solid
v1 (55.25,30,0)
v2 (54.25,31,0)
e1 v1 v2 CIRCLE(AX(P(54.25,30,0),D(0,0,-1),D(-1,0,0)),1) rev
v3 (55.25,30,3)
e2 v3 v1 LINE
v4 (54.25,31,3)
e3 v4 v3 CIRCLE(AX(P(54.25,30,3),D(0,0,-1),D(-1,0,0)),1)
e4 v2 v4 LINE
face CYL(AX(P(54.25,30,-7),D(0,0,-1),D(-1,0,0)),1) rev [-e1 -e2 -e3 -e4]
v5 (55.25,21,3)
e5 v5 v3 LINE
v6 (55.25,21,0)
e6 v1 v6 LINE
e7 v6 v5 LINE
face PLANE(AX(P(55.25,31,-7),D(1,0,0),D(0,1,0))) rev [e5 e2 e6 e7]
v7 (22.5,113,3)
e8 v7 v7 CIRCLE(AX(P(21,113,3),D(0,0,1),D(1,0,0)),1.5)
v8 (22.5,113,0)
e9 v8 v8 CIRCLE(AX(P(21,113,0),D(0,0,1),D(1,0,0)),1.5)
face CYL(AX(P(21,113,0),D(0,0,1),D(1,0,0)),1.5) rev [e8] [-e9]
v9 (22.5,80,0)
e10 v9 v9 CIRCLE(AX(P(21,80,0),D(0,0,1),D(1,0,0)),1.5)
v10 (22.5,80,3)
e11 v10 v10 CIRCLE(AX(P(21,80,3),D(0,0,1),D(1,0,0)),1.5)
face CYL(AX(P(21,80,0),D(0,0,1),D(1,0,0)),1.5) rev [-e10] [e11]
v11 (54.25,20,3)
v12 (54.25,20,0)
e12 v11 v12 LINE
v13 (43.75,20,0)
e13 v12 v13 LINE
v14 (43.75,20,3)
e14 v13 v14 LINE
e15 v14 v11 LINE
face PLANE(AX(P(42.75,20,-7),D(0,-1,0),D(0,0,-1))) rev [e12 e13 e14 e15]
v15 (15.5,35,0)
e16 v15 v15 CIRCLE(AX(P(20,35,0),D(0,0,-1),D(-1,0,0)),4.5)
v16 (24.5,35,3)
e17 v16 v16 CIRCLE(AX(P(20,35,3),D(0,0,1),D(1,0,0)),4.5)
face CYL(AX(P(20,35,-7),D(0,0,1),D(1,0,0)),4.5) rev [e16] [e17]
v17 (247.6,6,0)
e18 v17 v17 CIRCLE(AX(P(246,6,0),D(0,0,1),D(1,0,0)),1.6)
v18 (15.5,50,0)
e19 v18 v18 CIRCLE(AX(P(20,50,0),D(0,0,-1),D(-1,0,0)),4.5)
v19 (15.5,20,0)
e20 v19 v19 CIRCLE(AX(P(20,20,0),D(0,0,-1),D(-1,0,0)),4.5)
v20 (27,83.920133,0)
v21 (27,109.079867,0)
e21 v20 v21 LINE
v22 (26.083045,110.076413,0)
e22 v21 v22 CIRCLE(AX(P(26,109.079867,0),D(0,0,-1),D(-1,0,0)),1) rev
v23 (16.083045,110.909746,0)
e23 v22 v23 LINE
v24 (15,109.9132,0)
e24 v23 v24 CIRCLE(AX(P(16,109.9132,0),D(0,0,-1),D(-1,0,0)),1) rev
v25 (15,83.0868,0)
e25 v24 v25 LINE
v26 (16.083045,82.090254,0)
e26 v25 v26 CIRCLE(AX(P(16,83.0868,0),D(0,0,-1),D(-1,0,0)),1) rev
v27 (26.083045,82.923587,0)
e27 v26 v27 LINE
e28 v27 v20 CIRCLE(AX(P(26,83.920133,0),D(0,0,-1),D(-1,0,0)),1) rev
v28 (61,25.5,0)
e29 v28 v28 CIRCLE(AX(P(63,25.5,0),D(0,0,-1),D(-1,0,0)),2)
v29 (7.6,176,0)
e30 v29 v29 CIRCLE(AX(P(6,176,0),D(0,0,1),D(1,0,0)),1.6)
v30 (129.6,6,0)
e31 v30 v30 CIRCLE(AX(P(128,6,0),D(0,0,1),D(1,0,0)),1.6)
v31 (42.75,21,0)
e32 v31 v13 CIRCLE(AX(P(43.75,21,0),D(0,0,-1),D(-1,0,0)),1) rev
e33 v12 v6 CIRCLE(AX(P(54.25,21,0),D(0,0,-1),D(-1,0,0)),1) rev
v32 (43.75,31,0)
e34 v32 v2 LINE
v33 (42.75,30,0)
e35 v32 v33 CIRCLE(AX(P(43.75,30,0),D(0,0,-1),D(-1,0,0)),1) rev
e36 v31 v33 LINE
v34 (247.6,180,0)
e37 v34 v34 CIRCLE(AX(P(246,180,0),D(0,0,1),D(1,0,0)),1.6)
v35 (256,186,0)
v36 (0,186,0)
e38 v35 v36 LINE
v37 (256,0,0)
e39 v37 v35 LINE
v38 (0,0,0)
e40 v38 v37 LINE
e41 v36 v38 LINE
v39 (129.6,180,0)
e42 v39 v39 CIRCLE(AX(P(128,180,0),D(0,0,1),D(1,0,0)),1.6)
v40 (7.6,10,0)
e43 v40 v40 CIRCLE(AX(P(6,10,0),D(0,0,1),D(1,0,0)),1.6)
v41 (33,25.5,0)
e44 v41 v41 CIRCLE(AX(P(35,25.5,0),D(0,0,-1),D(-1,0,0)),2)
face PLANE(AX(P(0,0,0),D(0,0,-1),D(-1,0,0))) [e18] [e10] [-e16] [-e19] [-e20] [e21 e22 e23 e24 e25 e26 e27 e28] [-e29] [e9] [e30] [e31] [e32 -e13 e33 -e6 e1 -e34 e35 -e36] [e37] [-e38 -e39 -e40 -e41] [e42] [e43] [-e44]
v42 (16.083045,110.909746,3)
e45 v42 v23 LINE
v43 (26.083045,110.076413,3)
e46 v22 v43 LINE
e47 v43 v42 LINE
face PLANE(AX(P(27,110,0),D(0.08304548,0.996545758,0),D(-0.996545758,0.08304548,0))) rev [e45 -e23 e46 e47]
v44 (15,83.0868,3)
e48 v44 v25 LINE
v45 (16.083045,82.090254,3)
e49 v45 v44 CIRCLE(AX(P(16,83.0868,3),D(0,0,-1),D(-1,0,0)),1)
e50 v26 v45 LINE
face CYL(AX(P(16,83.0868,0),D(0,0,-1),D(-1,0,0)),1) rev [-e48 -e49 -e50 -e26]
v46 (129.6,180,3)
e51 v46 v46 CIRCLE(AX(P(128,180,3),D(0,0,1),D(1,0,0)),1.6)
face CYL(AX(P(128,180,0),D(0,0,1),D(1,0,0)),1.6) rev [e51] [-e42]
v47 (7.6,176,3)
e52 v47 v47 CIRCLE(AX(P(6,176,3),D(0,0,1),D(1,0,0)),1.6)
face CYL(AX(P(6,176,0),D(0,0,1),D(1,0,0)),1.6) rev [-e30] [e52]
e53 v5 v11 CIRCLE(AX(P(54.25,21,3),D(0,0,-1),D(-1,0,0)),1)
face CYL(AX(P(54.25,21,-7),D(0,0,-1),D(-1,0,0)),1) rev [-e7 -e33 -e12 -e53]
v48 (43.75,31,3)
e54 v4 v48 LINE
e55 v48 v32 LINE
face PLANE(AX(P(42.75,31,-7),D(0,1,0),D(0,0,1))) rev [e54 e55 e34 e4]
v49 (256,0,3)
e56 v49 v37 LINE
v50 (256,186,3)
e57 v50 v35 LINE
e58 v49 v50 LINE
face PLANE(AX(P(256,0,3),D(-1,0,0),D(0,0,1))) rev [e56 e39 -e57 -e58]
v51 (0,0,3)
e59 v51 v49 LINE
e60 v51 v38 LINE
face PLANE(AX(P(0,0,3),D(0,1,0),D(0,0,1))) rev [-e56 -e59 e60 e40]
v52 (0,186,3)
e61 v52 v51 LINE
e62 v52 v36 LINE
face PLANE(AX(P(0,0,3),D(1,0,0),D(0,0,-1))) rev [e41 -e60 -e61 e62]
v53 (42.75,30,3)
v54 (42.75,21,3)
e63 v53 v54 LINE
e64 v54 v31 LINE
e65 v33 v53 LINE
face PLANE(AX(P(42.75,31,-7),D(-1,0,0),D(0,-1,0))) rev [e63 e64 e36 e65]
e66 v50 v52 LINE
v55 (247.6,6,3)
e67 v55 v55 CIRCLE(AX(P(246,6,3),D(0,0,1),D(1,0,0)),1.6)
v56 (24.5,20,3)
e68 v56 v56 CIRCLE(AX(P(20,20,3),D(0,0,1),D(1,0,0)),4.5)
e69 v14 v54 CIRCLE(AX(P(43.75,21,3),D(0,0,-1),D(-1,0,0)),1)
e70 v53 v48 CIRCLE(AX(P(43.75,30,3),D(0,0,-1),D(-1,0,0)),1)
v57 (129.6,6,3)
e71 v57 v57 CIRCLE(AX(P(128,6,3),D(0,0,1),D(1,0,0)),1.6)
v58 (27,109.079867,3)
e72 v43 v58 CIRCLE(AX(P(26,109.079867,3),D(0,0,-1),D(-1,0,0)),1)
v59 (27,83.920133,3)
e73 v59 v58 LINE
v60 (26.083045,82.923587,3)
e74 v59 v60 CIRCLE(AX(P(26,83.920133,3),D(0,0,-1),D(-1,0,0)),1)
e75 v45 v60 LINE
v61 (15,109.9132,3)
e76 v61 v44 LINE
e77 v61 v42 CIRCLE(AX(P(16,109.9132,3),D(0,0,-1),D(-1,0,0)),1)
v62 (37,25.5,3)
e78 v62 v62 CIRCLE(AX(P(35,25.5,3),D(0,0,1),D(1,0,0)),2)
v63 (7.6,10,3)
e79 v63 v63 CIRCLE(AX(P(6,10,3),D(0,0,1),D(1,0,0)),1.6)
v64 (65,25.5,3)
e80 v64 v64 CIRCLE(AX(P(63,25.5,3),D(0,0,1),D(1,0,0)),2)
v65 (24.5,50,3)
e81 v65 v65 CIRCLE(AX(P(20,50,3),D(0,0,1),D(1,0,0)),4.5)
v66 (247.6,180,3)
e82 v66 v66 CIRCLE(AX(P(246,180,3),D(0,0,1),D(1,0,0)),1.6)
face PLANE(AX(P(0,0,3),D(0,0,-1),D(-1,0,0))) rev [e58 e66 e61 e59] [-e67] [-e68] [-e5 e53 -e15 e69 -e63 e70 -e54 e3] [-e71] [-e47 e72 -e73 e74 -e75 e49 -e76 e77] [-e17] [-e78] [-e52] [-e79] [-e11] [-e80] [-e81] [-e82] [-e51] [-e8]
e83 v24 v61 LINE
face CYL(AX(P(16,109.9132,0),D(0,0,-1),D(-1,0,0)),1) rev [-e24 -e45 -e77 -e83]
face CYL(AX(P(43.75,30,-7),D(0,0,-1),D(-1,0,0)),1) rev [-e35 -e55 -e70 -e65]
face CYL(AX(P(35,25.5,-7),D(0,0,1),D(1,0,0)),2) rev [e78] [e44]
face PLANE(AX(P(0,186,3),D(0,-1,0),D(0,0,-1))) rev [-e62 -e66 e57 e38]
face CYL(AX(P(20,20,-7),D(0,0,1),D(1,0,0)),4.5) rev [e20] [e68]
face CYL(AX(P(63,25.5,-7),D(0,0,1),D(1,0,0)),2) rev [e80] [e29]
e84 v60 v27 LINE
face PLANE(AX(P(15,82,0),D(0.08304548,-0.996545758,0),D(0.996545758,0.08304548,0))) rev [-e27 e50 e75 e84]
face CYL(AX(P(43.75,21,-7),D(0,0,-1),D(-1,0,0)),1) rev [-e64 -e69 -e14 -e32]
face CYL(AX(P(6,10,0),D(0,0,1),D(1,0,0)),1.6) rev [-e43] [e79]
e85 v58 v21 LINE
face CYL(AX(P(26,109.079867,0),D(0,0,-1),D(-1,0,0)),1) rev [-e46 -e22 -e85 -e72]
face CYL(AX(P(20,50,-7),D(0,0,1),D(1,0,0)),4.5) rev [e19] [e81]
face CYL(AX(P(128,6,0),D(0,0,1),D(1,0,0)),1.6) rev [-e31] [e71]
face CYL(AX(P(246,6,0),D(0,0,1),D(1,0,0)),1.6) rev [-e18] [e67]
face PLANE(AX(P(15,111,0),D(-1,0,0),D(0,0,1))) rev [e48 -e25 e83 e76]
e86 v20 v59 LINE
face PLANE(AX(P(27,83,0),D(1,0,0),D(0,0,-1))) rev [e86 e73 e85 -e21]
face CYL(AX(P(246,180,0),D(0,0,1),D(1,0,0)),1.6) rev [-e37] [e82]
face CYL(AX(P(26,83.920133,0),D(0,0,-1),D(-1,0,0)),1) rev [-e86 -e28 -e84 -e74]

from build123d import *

# Parameters (mm, degrees)
SKETCH2_W           = 256
SKETCH2_H           = 186
BOSS_EXTRUDE1_DEPTH = 3
SKETCH3_R           = 1.6
CUT_EXTRUDE1_DEPTH  = 4
SKETCH4_R           = 2
SKETCH4_W           = 12.5
SKETCH4_H           = 11
CUT_EXTRUDE2_DEPTH  = 10
FILLET1_R           = 1
SKETCH5_R           = 4.5
CUT_EXTRUDE3_DEPTH  = 10
SKETCH7_R           = 1.5
CUT_EXTRUDE4_DEPTH  = 4
FILLET2_R           = 1


with BuildPart() as part:
    # Sketch2 → Boss-Extrude1 (new body)
    with BuildSketch(Plane.XY):
        with Locations((128, 93)):
            Rectangle(SKETCH2_W, SKETCH2_H)
    extrude(amount=BOSS_EXTRUDE1_DEPTH)

    # Sketch3 → Cut-Extrude1 (cut, through all)
    with BuildSketch(Plane.XY.offset(3)):
        with Locations((6, 176)):
            Circle(SKETCH3_R)
        with Locations((128, 180)):
            Circle(SKETCH3_R)
        with Locations((246, 180)):
            Circle(SKETCH3_R)
        with Locations((246, 6)):
            Circle(SKETCH3_R)
        with Locations((128, 6)):
            Circle(SKETCH3_R)
        with Locations((6, 10)):
            Circle(SKETCH3_R)
    extrude(amount=-CUT_EXTRUDE1_DEPTH, mode=Mode.SUBTRACT)

    # Sketch4 → Cut-Extrude2 (cut)
    with BuildSketch(Plane.XY.offset(3)):
        with Locations((35, 25.5)):
            Circle(SKETCH4_R)
        with Locations((63, 25.5)):
            Circle(SKETCH4_R)
        with Locations((49, 25.5)):
            Rectangle(SKETCH4_W, SKETCH4_H)
    extrude(amount=-CUT_EXTRUDE2_DEPTH, mode=Mode.SUBTRACT)

    # Fillet1
    fillet1_edges = [part.edges().sort_by_distance(p)[0] for p in [
        (42.75, 20, 1.5),
        (42.75, 31, 1.5),
        (55.25, 31, 1.5),
        (55.25, 20, 1.5),
    ]]
    fillet(fillet1_edges, radius=FILLET1_R)

    # Sketch5 → Cut-Extrude3 (cut)
    with BuildSketch(Plane.XY.offset(3)):
        with Locations((20, 35)):
            Circle(SKETCH5_R)
        with Locations((20, 20)):
            Circle(SKETCH5_R)
        with Locations((20, 50)):
            Circle(SKETCH5_R)
    extrude(amount=-CUT_EXTRUDE3_DEPTH, mode=Mode.SUBTRACT)

    # Sketch7 → Cut-Extrude4 (cut, through all)
    with BuildSketch(Plane(origin=(161.992525703, 0.203186411, 3), x_dir=(1, 0, 0), z_dir=(0, 0, 1))):
        with Locations((-140.992525703, 112.796813589)):
            Circle(SKETCH7_R)
        with Locations((-140.992525703, 79.796813589)):
            Circle(SKETCH7_R)
        Polygon((-146.992525703, 110.796813589), (-146.992525703, 81.796813589), (-134.992525703, 82.796813589), (-134.992525703, 109.796813589), align=None)
    extrude(amount=-CUT_EXTRUDE4_DEPTH, mode=Mode.SUBTRACT)

    # Fillet2
    fillet2_edges = [part.edges().sort_by_distance(p)[0] for p in [
        (15, 111, 1.5),
        (27, 110, 1.5),
        (27, 83, 1.5),
        (15, 82, 1.5),
    ]]
    fillet(fillet2_edges, radius=FILLET2_R)


solid = part.part
